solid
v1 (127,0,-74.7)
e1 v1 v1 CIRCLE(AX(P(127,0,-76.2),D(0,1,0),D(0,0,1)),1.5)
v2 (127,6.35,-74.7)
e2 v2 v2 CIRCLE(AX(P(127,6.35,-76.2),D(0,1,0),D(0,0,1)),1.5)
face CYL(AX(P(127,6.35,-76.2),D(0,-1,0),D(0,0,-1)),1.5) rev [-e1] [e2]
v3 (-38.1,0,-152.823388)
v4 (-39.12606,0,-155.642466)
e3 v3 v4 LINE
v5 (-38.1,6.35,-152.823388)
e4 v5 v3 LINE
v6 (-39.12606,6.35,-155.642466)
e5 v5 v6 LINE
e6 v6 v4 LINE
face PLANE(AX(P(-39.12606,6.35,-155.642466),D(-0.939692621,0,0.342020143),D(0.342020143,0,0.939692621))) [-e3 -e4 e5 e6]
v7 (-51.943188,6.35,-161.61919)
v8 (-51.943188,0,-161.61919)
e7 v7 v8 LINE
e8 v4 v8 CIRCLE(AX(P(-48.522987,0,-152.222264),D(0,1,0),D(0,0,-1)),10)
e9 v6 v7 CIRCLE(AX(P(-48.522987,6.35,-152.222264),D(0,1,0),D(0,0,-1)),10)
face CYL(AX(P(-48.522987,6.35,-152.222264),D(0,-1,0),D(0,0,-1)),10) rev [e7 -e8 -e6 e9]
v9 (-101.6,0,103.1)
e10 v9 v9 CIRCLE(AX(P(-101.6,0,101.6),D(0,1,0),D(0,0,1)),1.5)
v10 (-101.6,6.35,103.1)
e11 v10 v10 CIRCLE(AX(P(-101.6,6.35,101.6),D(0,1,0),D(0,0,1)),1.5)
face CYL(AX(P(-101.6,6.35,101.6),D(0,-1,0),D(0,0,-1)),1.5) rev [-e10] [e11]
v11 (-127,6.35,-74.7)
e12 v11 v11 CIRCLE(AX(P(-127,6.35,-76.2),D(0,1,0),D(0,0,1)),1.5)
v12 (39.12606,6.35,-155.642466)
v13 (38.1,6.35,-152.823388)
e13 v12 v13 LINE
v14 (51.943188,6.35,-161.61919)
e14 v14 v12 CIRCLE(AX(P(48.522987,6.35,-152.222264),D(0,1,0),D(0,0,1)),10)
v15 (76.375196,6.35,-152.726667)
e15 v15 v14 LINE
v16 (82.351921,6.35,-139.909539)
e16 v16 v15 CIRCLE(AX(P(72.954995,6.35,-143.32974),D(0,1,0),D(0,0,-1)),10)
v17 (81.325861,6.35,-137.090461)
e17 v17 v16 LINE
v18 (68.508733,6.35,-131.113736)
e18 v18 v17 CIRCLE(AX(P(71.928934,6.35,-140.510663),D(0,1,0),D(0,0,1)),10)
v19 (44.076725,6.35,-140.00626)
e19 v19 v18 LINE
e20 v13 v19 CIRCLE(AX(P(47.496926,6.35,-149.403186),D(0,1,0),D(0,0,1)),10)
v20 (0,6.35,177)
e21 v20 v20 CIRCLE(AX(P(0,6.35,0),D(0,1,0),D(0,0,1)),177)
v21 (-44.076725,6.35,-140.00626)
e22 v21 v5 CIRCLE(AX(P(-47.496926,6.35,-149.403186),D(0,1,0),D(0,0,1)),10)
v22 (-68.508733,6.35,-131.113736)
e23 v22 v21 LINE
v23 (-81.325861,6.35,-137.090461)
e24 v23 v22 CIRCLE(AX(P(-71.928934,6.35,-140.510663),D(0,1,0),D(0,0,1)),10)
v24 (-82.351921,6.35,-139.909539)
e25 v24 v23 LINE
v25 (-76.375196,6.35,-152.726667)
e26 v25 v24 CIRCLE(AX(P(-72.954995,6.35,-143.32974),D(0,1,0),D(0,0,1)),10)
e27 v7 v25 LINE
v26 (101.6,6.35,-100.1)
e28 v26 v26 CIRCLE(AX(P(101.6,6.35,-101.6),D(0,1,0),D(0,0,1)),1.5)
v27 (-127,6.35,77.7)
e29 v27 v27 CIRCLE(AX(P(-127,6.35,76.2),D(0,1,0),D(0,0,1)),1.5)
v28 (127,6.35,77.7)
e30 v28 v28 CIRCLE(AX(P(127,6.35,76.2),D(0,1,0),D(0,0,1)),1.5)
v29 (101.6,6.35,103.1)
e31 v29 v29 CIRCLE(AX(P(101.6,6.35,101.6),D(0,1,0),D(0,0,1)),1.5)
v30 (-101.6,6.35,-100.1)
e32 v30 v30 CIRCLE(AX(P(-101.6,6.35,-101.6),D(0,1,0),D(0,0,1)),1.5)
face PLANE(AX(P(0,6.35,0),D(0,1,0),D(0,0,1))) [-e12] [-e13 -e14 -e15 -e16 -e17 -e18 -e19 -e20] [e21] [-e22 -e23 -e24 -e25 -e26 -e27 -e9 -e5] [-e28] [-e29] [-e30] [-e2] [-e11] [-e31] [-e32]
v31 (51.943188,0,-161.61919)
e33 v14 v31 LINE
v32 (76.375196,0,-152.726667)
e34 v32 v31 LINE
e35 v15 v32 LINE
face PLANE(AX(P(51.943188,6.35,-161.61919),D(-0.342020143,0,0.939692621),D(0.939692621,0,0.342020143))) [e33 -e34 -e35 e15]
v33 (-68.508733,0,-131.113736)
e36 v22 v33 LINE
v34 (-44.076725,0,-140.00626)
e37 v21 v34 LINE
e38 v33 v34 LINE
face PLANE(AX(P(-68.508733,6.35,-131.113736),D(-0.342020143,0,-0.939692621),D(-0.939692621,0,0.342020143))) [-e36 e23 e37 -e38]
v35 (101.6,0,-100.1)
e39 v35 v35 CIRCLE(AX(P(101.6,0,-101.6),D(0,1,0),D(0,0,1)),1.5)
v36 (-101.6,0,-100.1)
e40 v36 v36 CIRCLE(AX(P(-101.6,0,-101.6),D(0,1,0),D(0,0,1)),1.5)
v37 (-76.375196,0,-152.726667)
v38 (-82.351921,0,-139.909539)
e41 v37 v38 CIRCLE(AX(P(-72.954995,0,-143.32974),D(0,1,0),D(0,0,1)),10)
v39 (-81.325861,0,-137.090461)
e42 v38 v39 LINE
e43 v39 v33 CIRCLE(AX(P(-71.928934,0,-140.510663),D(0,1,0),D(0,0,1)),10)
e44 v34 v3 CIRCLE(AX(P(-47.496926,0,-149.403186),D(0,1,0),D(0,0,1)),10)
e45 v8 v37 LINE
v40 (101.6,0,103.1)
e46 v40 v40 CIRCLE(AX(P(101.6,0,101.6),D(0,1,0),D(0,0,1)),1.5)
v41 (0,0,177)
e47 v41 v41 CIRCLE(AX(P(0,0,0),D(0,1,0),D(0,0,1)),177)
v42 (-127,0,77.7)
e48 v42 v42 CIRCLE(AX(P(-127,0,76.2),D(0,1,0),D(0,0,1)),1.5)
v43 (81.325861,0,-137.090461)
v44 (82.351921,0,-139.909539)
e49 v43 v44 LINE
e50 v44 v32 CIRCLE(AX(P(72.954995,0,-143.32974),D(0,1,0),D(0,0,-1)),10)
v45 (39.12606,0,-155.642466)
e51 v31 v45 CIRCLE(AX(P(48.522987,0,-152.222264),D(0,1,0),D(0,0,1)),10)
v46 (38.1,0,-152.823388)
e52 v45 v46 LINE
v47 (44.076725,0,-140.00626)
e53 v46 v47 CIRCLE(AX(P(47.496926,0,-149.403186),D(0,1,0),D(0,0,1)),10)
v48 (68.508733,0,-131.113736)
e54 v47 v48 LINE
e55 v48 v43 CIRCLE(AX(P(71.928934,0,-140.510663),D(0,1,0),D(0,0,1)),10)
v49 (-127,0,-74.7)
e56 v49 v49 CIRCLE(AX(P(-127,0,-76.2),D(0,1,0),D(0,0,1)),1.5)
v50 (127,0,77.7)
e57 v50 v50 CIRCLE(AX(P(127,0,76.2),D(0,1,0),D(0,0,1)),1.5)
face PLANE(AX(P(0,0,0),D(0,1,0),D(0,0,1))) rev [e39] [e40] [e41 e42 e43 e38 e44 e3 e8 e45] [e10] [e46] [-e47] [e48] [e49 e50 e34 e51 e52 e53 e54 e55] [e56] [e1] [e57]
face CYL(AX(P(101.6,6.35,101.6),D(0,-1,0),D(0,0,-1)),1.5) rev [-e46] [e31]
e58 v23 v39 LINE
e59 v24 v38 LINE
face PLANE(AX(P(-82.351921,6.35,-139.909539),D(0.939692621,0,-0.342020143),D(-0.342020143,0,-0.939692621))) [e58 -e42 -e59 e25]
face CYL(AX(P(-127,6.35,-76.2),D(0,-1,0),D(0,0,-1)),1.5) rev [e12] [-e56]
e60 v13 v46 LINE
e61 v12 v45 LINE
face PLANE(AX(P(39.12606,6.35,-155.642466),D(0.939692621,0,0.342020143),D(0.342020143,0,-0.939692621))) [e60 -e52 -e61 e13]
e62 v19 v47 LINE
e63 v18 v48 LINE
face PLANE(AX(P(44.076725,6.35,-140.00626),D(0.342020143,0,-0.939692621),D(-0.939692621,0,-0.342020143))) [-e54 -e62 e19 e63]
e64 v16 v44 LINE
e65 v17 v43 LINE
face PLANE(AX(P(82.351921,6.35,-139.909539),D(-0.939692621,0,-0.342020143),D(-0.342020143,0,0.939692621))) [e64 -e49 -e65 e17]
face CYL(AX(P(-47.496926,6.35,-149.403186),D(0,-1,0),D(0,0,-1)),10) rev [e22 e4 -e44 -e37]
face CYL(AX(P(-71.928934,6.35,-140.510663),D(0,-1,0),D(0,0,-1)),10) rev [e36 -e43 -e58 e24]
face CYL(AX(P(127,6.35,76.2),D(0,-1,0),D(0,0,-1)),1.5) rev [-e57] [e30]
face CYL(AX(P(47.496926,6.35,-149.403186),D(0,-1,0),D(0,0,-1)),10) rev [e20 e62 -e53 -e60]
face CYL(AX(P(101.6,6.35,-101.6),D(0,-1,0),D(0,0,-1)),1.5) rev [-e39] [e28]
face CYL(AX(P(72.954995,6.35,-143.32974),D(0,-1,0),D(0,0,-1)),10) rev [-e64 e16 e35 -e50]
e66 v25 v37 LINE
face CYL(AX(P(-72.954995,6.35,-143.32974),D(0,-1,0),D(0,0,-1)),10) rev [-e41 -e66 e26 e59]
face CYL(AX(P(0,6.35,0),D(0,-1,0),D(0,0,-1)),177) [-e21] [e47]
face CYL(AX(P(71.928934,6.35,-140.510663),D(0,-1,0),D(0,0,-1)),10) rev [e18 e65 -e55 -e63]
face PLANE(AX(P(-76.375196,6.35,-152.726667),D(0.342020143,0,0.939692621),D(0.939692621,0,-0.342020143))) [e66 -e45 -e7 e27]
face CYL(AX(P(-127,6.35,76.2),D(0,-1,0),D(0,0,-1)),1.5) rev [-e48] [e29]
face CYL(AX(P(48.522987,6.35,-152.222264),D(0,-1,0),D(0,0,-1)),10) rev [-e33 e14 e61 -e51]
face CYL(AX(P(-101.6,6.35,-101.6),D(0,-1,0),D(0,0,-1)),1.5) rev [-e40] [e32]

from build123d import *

# Parameters (mm, degrees)
SKETCH1_R           = 177
SKETCH1_R_2         = 1.5
BOSS_EXTRUDE1_DEPTH = 6.35


with BuildPart() as part:
    # Sketch1 → Boss-Extrude1 (new body)
    with BuildSketch(Plane(origin=(0, 0, 0), x_dir=(1, 0, 0), z_dir=(0, 1, 0))):
        with Locations(Location((0, 0, 0), (0, 0, 270))):
            Circle(SKETCH1_R)
        with Locations(Location((-101.6, -101.6, 0), (0, 0, 270))):
            Circle(SKETCH1_R_2, mode=Mode.SUBTRACT)
        with Locations(Location((-101.6, 101.6, 0), (0, 0, 270))):
            Circle(SKETCH1_R_2, mode=Mode.SUBTRACT)
        with Locations(Location((101.6, 101.6, 0), (0, 0, 270))):
            Circle(SKETCH1_R_2, mode=Mode.SUBTRACT)
        with Locations(Location((101.6, -101.6, 0), (0, 0, 270))):
            Circle(SKETCH1_R_2, mode=Mode.SUBTRACT)
        with Locations(Location((-127, 76.2, 0), (0, 0, 270))):
            Circle(SKETCH1_R_2, mode=Mode.SUBTRACT)
        with Locations(Location((127, 76.2, 0), (0, 0, 270))):
            Circle(SKETCH1_R_2, mode=Mode.SUBTRACT)
        with Locations(Location((127, -76.2, 0), (0, 0, 270))):
            Circle(SKETCH1_R_2, mode=Mode.SUBTRACT)
        with Locations(Location((-127, -76.2, 0), (0, 0, 270))):
            Circle(SKETCH1_R_2, mode=Mode.SUBTRACT)
        with BuildLine():
            Line((-76.375196212, 152.726666572), (-51.943188071, 161.619190299))
            ThreePointArc((-51.943188071, 161.619190299), (-44.29680402, 161.285341961), (-39.12606043, 155.642465524))
            Line((-39.12606043, 155.642465524), (-38.1, 152.823387662))
            ThreePointArc((-38.1, 152.823387662), (-38.433848337, 145.177003611), (-44.076724775, 140.006260021))
            Line((-44.076724775, 140.006260021), (-68.508732915, 131.113736294))
            ThreePointArc((-68.508732915, 131.113736294), (-76.155116966, 131.447584632), (-81.325860556, 137.090461069))
            Line((-81.325860556, 137.090461069), (-82.351920986, 139.909538931))
            ThreePointArc((-82.351920986, 139.909538931), (-82.018072649, 147.555922982), (-76.375196212, 152.726666572))
        make_face(mode=Mode.SUBTRACT)
        with BuildLine():
            Line((51.943188071, 161.619190299), (76.375196212, 152.726666572))
            ThreePointArc((76.375196212, 152.726666572), (82.018072649, 147.555922982), (82.351920986, 139.909538931))
            Line((82.351920986, 139.909538931), (81.325860556, 137.090461069))
            ThreePointArc((81.325860556, 137.090461069), (76.155116966, 131.447584632), (68.508732915, 131.113736294))
            Line((68.508732915, 131.113736294), (44.076724775, 140.006260021))
            ThreePointArc((44.076724775, 140.006260021), (38.433848337, 145.177003611), (38.1, 152.823387662))
            Line((38.1, 152.823387662), (39.12606043, 155.642465524))
            ThreePointArc((39.12606043, 155.642465524), (44.29680402, 161.285341961), (51.943188071, 161.619190299))
        make_face(mode=Mode.SUBTRACT)
    extrude(amount=BOSS_EXTRUDE1_DEPTH)


solid = part.part
